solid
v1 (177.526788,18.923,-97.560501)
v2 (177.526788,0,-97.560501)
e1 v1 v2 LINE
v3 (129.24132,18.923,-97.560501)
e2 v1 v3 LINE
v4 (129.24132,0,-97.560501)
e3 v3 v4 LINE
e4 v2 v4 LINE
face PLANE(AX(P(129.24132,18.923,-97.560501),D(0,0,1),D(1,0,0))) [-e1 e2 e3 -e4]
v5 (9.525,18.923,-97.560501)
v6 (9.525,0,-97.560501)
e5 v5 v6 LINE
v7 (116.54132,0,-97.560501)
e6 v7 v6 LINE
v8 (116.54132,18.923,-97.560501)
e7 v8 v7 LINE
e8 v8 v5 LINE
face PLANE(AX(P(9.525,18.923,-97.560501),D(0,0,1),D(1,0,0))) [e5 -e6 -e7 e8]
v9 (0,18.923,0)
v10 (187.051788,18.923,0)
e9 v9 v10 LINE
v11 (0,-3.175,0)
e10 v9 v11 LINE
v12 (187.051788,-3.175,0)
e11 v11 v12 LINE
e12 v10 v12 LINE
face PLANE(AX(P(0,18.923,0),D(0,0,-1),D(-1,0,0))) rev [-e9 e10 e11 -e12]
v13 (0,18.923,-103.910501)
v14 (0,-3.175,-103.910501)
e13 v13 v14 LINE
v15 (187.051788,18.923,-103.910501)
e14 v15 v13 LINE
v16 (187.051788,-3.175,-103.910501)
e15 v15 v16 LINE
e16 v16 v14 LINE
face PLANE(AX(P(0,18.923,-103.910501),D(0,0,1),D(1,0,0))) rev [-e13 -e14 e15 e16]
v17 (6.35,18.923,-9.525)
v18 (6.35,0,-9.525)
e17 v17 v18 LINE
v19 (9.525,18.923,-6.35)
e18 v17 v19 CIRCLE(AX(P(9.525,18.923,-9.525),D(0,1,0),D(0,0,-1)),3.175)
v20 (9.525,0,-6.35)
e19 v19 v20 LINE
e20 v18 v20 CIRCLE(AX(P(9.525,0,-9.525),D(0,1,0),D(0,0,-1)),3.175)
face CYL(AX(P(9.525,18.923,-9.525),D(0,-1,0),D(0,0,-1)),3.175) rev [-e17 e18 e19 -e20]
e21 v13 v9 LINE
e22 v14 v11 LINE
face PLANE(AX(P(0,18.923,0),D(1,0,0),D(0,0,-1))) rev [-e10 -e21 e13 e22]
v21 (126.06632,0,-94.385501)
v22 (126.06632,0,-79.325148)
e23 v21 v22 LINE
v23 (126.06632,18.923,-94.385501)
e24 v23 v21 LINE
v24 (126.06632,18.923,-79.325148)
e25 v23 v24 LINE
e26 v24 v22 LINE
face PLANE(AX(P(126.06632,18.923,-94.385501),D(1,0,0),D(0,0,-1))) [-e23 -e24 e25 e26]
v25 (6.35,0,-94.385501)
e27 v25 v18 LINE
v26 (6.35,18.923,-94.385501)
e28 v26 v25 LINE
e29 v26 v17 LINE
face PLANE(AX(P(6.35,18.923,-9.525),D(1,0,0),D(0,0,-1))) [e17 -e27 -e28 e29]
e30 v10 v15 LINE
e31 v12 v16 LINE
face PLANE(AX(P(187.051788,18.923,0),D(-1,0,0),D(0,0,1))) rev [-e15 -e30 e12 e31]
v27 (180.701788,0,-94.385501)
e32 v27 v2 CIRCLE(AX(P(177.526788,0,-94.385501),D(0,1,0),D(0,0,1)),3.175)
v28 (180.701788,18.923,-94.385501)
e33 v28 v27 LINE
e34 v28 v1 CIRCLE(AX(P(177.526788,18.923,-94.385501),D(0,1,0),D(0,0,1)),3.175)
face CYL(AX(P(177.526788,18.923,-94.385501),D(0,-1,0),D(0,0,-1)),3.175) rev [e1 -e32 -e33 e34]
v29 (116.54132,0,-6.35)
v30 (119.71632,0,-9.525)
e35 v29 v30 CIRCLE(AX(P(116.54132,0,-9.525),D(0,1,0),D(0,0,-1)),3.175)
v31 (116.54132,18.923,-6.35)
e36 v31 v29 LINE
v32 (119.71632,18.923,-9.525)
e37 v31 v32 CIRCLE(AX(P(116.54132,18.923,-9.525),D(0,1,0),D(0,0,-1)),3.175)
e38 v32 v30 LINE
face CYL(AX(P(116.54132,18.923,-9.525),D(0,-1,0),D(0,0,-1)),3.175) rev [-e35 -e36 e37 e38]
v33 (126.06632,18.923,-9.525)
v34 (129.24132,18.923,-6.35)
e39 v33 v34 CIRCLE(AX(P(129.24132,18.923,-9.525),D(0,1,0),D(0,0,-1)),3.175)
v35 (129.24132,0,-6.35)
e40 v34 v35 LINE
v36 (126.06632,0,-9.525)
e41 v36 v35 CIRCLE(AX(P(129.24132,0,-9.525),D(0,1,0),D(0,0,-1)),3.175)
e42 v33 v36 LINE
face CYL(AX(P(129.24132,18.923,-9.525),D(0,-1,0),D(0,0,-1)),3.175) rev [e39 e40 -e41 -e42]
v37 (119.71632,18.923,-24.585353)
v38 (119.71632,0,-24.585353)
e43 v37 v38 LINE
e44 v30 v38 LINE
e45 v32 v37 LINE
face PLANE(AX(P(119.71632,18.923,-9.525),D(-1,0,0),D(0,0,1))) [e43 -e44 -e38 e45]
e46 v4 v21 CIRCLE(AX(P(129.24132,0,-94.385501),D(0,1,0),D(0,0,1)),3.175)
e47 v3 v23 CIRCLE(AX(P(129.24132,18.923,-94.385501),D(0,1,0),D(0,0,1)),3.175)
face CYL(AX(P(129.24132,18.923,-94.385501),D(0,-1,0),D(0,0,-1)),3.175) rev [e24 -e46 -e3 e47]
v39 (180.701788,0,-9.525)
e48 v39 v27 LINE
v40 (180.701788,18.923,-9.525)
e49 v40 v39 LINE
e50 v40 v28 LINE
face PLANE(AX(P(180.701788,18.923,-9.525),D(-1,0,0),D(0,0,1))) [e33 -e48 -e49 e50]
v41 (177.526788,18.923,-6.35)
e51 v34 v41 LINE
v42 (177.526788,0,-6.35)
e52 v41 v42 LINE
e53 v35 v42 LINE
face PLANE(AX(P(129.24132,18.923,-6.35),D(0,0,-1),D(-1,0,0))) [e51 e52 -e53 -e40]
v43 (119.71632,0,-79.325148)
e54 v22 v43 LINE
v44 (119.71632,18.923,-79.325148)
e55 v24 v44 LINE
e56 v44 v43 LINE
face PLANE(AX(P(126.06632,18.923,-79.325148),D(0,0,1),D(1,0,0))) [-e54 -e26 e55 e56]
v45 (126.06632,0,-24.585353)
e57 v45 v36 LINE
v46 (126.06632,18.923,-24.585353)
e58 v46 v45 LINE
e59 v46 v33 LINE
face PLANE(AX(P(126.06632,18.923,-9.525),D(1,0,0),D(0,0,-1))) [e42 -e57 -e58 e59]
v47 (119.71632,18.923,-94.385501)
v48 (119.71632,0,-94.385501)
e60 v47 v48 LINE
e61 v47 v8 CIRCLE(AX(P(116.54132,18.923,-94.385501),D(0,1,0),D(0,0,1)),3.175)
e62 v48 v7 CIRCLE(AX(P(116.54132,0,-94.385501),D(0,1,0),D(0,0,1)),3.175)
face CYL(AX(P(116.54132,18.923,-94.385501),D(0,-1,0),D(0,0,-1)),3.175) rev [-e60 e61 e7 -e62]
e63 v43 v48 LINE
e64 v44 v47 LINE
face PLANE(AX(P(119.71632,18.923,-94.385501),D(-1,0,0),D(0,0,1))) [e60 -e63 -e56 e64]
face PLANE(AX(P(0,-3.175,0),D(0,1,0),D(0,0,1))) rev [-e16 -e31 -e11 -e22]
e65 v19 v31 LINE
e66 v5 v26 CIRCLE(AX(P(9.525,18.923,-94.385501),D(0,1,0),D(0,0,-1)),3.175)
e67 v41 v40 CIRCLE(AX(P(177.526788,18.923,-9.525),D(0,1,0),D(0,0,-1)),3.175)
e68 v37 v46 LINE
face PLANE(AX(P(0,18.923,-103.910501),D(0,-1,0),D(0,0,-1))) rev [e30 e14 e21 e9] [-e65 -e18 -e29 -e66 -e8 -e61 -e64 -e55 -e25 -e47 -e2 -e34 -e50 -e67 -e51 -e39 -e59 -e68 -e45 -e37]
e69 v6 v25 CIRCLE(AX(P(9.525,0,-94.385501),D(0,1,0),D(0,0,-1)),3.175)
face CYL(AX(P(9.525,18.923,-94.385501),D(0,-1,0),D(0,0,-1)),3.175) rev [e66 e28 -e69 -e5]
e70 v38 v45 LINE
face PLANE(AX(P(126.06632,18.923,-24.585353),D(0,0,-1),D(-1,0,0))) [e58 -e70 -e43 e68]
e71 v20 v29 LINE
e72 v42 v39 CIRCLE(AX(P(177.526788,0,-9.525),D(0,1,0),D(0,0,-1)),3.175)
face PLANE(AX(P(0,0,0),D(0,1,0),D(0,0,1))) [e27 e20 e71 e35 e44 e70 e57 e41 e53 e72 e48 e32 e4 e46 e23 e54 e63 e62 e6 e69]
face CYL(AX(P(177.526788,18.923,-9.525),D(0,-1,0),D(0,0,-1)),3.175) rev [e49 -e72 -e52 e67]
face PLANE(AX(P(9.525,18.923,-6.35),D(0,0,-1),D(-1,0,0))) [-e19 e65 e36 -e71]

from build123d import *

# Parameters (mm, degrees)
SKETCH11_W     = 187.05178758
SKETCH11_H     = 103.91050065
EXTRUDE5_DEPTH = 18.923
SKETCH14_W     = 187.05178758
SKETCH14_H     = 103.91050065
EXTRUDE6_DEPTH = 3.175


with BuildPart() as part:
    # Sketch11 → Extrude5 (new body)
    with BuildSketch(Plane(origin=(0, 0, 0), x_dir=(1, 0, 0), z_dir=(0, 1, 0))):
        with Locations((93.52589379, 51.955250325)):
            Rectangle(SKETCH11_W, SKETCH11_H)
        with BuildLine():
            Line((9.525, 6.35), (116.541319734, 6.35))
            ThreePointArc((116.541319734, 6.35), (118.786383764, 7.27993597), (119.716319734, 9.525))
            Line((119.716319734, 9.525), (119.716319734, 24.585352544))
            Line((119.716319734, 24.585352544), (126.066319734, 24.585352544))
            Line((126.066319734, 24.585352544), (126.066319734, 9.525))
            ThreePointArc((126.066319734, 9.525), (126.996255703, 7.27993597), (129.241319734, 6.35))
            Line((129.241319734, 6.35), (177.52678758, 6.35))
            ThreePointArc((177.52678758, 6.35), (179.77185161, 7.27993597), (180.70178758, 9.525))
            Line((180.70178758, 9.525), (180.70178758, 94.38550065))
            ThreePointArc((180.70178758, 94.38550065), (179.77185161, 96.63056468), (177.52678758, 97.56050065))
            Line((177.52678758, 97.56050065), (129.241319734, 97.56050065))
            ThreePointArc((129.241319734, 97.56050065), (126.996255703, 96.63056468), (126.066319734, 94.38550065))
            Line((126.066319734, 94.38550065), (126.066319734, 79.325148105))
            Line((126.066319734, 79.325148105), (119.716319734, 79.325148105))
            Line((119.716319734, 79.325148105), (119.716319734, 94.38550065))
            ThreePointArc((119.716319734, 94.38550065), (118.786383764, 96.63056468), (116.541319734, 97.56050065))
            Line((116.541319734, 97.56050065), (9.525, 97.56050065))
            ThreePointArc((9.525, 97.56050065), (7.27993597, 96.63056468), (6.35, 94.38550065))
            Line((6.35, 94.38550065), (6.35, 9.525))
            ThreePointArc((6.35, 9.525), (7.27993597, 7.27993597), (9.525, 6.35))
        make_face(mode=Mode.SUBTRACT)
    extrude(amount=EXTRUDE5_DEPTH)

    # Sketch14 → Extrude6 (add)
    with BuildSketch(Plane(origin=(0, 0, 0), x_dir=(1, 0, 0), z_dir=(0, 1, 0))):
        with Locations((93.52589379, 51.955250325)):
            Rectangle(SKETCH14_W, SKETCH14_H)
    extrude(amount=-EXTRUDE6_DEPTH)


solid = part.part
